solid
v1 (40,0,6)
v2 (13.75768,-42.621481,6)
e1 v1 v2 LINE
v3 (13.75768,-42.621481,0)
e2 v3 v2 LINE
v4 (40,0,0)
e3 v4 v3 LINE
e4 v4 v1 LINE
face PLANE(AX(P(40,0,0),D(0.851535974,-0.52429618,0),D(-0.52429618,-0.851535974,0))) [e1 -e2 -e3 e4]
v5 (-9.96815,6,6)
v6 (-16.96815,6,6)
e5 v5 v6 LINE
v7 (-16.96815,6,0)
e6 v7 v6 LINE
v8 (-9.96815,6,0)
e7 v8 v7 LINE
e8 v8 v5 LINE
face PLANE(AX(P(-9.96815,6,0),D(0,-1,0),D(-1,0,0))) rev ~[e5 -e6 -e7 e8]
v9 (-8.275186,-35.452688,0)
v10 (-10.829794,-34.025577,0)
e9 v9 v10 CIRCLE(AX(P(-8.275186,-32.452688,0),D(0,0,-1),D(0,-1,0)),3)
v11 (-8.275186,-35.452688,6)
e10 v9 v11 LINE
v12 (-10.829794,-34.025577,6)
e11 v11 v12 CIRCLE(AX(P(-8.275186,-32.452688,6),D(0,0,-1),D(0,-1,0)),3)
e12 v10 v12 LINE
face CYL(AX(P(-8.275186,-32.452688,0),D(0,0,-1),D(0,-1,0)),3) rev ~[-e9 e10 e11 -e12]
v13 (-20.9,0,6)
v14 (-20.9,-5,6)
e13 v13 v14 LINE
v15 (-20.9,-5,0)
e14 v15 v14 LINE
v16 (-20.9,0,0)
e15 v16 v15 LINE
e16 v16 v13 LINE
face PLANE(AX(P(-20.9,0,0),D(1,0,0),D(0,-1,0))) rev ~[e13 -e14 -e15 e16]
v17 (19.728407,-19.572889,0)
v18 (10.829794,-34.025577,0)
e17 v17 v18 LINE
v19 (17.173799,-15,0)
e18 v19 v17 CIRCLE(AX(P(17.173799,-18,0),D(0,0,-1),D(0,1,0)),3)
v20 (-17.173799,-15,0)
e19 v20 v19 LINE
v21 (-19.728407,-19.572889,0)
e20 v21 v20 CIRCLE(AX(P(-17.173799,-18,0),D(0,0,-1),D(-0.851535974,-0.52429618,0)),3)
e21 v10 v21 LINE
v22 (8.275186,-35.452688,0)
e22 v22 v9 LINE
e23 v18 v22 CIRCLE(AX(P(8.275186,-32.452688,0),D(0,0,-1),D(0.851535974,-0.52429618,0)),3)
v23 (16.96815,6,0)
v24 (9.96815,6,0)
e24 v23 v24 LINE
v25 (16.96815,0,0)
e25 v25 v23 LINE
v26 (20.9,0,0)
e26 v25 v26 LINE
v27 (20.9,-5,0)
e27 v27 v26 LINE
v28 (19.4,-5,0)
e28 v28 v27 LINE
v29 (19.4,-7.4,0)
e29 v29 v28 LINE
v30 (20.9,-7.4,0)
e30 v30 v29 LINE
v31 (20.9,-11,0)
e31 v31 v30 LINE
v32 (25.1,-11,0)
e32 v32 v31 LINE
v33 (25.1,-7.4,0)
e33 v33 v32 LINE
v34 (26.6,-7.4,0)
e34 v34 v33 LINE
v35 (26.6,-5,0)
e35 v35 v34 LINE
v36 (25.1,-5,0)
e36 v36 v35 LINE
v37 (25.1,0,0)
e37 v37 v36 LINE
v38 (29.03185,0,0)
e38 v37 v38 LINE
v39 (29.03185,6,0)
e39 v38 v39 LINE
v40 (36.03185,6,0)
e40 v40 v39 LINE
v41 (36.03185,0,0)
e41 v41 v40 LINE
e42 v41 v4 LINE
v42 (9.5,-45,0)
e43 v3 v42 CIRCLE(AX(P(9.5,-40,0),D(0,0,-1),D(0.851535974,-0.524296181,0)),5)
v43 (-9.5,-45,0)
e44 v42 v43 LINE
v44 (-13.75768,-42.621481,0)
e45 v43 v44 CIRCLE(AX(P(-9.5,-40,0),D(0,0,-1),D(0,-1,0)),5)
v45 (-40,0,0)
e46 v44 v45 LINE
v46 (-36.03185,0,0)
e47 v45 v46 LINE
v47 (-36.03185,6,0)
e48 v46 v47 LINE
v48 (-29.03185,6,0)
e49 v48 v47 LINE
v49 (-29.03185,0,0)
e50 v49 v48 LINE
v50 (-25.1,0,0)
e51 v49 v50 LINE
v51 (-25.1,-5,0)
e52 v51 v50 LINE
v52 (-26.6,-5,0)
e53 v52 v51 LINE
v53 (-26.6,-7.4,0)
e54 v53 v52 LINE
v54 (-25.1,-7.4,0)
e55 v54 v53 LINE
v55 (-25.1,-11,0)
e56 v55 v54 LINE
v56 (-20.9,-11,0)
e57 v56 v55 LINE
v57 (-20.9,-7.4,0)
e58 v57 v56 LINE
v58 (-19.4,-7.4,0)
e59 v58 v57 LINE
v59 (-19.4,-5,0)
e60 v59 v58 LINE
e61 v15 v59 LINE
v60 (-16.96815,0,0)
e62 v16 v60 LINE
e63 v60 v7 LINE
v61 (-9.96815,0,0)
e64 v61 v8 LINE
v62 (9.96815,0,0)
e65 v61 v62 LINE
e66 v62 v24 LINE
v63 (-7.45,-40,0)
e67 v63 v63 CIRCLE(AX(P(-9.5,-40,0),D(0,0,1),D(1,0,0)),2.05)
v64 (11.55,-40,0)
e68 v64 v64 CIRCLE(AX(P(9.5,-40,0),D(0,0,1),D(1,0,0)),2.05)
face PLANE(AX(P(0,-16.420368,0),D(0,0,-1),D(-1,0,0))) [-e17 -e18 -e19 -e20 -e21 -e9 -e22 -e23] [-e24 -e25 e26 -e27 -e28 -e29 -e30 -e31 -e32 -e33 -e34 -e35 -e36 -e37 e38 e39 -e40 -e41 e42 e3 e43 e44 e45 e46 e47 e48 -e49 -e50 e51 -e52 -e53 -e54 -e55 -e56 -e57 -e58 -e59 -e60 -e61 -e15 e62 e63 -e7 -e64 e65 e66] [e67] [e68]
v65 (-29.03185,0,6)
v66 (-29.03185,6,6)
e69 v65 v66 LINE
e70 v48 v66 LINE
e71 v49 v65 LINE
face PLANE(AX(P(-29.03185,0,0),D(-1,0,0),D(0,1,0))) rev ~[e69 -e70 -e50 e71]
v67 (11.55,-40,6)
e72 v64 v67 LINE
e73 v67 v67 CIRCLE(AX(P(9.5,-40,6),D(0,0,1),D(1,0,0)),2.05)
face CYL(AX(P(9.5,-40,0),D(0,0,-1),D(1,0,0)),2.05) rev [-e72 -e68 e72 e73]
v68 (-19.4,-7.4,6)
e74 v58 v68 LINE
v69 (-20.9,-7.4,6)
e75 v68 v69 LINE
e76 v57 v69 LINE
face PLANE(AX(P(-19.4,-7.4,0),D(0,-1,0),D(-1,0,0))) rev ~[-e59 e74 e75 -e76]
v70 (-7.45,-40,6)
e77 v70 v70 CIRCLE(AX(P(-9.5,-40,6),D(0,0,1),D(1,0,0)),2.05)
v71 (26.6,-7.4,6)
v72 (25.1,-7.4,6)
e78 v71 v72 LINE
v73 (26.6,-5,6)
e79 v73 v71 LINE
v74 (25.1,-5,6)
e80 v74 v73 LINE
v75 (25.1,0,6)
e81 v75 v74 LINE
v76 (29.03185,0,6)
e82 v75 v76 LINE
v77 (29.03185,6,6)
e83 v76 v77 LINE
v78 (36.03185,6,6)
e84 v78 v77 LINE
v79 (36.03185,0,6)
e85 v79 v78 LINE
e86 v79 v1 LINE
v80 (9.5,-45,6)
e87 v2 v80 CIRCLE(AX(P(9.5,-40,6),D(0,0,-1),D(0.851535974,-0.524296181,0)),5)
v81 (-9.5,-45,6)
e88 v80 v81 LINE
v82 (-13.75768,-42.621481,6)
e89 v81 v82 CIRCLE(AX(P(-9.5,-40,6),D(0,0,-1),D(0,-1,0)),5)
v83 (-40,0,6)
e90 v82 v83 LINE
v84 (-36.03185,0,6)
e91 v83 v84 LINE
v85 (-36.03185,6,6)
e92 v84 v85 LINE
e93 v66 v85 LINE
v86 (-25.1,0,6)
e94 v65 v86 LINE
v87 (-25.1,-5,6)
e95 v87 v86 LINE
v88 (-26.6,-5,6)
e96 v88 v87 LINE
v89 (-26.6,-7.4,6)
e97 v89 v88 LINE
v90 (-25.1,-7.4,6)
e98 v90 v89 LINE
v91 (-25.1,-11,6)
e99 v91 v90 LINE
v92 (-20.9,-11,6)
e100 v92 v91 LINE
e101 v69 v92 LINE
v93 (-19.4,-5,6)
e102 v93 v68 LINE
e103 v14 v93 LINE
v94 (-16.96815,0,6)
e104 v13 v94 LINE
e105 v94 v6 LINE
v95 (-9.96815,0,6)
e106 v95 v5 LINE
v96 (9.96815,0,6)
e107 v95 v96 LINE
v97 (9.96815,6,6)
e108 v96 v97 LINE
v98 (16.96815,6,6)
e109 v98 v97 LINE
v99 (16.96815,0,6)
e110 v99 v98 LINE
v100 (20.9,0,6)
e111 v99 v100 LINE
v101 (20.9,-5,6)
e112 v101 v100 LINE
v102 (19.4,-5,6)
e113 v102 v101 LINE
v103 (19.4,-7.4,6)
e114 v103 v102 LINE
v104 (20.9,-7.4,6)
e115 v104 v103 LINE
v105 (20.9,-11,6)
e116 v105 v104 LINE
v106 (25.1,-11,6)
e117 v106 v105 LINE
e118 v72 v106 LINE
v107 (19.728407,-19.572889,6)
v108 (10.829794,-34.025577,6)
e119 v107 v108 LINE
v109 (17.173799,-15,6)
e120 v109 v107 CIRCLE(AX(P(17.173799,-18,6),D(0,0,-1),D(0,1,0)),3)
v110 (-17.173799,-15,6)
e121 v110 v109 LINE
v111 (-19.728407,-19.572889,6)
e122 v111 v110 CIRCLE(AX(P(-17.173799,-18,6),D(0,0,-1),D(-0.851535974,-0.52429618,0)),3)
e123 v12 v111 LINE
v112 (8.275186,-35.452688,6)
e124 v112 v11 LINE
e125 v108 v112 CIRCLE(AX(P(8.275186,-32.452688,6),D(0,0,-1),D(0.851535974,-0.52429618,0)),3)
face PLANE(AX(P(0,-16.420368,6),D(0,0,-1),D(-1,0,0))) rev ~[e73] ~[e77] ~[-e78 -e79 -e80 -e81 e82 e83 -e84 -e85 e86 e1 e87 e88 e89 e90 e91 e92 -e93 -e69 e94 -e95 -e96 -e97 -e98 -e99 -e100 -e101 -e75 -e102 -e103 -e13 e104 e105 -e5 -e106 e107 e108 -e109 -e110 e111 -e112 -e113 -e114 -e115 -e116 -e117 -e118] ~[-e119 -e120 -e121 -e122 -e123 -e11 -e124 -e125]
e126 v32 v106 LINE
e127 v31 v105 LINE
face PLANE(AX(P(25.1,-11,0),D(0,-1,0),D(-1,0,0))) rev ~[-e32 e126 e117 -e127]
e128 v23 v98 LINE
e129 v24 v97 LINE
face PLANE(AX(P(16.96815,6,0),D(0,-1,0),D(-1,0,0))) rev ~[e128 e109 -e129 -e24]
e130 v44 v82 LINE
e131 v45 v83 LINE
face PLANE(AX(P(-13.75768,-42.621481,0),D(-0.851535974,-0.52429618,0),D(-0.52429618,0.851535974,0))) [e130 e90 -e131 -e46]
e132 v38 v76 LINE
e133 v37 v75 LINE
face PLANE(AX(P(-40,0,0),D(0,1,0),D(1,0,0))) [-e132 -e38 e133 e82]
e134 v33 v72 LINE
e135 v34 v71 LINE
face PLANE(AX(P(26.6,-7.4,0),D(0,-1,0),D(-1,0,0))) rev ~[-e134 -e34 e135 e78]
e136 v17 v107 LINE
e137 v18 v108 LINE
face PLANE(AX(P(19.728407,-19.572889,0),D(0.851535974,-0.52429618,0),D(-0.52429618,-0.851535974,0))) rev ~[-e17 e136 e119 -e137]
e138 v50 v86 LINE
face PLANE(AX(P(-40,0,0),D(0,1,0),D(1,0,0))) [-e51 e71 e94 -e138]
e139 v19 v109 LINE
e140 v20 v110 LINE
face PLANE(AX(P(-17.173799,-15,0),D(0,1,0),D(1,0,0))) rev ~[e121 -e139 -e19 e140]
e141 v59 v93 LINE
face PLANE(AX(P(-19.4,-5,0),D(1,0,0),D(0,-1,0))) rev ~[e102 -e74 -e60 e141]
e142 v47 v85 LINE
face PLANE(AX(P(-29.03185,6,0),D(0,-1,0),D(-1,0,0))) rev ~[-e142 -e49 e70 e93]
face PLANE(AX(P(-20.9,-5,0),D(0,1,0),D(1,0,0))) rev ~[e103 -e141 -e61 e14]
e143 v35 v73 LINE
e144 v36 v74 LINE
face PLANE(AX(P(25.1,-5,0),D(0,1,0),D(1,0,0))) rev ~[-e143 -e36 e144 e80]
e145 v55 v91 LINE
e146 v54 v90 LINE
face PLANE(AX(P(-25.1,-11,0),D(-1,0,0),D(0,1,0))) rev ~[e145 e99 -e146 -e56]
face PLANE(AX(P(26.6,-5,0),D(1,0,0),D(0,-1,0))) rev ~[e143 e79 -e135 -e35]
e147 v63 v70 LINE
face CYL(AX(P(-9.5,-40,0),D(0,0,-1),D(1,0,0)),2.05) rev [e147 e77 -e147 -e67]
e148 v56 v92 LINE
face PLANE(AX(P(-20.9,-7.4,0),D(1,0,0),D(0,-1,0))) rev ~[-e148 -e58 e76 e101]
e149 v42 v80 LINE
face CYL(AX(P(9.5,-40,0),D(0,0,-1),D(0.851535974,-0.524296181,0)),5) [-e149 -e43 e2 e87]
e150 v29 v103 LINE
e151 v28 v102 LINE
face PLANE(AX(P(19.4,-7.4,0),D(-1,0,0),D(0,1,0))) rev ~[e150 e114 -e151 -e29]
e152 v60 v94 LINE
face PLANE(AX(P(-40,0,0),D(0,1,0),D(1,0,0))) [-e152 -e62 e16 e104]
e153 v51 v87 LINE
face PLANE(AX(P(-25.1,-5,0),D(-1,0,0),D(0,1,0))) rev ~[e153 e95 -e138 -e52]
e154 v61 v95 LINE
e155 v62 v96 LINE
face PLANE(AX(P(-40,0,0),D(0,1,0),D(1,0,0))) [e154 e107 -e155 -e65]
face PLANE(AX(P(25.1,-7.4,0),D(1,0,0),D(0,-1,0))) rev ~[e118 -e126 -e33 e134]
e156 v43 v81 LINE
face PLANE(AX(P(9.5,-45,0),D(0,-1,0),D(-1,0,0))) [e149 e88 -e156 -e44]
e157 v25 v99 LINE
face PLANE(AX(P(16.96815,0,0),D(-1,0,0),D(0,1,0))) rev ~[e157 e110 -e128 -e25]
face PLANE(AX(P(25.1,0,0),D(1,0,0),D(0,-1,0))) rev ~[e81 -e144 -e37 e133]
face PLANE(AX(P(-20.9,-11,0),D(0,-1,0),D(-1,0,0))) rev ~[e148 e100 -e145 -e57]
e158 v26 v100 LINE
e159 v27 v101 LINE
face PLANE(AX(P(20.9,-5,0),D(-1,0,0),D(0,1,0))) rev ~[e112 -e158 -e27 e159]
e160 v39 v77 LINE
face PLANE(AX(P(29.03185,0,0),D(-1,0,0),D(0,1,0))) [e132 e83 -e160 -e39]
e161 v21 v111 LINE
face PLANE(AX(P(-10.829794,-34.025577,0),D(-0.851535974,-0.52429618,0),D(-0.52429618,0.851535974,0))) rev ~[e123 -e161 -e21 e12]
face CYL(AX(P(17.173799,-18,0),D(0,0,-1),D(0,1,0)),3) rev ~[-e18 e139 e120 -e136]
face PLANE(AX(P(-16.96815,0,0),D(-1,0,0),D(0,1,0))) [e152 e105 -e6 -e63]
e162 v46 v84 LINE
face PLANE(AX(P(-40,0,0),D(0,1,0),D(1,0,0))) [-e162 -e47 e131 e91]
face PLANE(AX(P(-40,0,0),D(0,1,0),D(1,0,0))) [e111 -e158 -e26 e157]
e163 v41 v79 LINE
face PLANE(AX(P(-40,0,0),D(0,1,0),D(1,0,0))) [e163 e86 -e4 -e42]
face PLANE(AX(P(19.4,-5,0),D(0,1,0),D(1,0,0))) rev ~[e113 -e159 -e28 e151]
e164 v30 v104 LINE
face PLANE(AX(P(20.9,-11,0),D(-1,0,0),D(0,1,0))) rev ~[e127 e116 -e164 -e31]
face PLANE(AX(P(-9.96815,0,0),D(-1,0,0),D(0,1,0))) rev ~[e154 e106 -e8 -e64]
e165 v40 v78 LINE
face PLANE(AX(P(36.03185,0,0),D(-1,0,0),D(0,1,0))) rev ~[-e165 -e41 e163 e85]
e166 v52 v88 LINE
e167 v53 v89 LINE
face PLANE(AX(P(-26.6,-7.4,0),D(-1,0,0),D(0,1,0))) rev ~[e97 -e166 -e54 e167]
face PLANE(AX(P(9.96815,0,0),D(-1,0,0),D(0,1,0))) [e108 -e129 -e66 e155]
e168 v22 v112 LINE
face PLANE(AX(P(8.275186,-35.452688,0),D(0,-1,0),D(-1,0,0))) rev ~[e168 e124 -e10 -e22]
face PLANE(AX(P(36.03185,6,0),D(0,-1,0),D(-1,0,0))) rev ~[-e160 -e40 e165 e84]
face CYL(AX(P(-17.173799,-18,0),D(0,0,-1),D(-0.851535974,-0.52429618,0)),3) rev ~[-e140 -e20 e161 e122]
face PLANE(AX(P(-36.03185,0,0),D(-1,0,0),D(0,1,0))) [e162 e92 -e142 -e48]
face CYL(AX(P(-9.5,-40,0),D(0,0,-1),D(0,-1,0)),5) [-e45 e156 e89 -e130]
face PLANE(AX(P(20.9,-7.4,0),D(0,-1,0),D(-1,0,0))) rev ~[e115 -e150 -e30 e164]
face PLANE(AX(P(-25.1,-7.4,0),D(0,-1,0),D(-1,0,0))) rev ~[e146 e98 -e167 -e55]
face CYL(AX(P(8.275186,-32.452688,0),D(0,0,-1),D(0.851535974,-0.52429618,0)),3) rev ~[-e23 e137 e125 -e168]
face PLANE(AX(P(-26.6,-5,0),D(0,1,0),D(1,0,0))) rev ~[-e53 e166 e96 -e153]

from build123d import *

# Parameters (mm, degrees)
SKETCH_1_R           = 2.05
EXTRUDE_1_DEPTH      = 6
SKETCH_2_W           = 7
SKETCH_2_H           = 6
EXTRUDE_2_DEPTH      = 6
CUT_EXTRUDE_1_DEPTH  = 7
SKETCH_21_W          = 7
SKETCH_21_H          = 6
EXTRUDE_21_DEPTH     = 6
SKETCH_22_W          = 7
SKETCH_22_H          = 6
EXTRUDE_22_DEPTH     = 6
CUT_EXTRUDE_12_DEPTH = 7


with BuildPart() as part:
    # Эскиз1 → Бобышка-Вытянуть1 (new body)
    with BuildSketch(Plane.XY):
        with BuildLine():
            Line((-40, 0), (40, 0))
            Line((40, 0), (13.757679871, -42.621480902))
            ThreePointArc((13.757679871, -42.621480902), (11.938503177, -44.365054668), (9.5, -45))
            Line((9.5, -45), (-9.5, -45))
            ThreePointArc((-9.5, -45), (-11.938503177, -44.365054668), (-13.757679871, -42.621480902))
            Line((-13.757679871, -42.621480902), (-40, 0))
        make_face()
        with Locations((-9.5, -40)):
            Circle(SKETCH_1_R, mode=Mode.SUBTRACT)
        with Locations((9.5, -40)):
            Circle(SKETCH_1_R, mode=Mode.SUBTRACT)
        with BuildLine():
            Line((-17.17379907, -15), (17.17379907, -15))
            ThreePointArc((17.17379907, -15), (19.792831871, -16.536898094), (19.728406993, -19.572888541))
            Line((19.728406993, -19.572888541), (10.829793891, -34.025576661))
            ThreePointArc((10.829793891, -34.025576661), (9.738287875, -35.071720921), (8.275185968, -35.45268812))
            Line((8.275185968, -35.45268812), (-8.275185968, -35.45268812))
            ThreePointArc((-8.275185968, -35.45268812), (-9.738287875, -35.071720921), (-10.829793891, -34.025576661))
            Line((-10.829793891, -34.025576661), (-19.728406993, -19.572888541))
            ThreePointArc((-19.728406993, -19.572888541), (-19.792831871, -16.536898094), (-17.17379907, -15))
        make_face(mode=Mode.SUBTRACT)
    extrude(amount=EXTRUDE_1_DEPTH)

    # Эскиз2 → Бобышка-Вытянуть2 (add)
    with BuildSketch(Plane(origin=(-23, -50, 0), x_dir=(-1, 0, 0), z_dir=(0, 0, -1))):
        with Locations((-9.531849908, 53)):
            Rectangle(SKETCH_2_W, SKETCH_2_H)
        with Locations((9.531849908, 53)):
            Rectangle(SKETCH_2_W, SKETCH_2_H)
    extrude(amount=-EXTRUDE_2_DEPTH)

    # Эскиз3 → Вырез-Вытянуть1 (cut, through all)
    with BuildSketch(Plane(origin=(-23, -50, 0), x_dir=(-1, 0, 0), z_dir=(0, 0, -1))):
        Polygon((-2.1, 45), (-3.6, 45), (-3.6, 42.6), (-2.1, 42.6), (-2.1, 39), (2.1, 39), (2.1, 42.6), (3.6, 42.6), (3.6, 45), (2.1, 45), (2.1, 50), (-2.1, 50), align=None)
    extrude(amount=-CUT_EXTRUDE_1_DEPTH, mode=Mode.SUBTRACT)

    # Эскиз21 → Бобышка-Вытянуть21 (add)
    with BuildSketch(Plane(origin=(-23, -50, 6), x_dir=(1, 0, 0), z_dir=(0, 0, 1))):
        with Locations((-9.531849908, 53)):
            Rectangle(SKETCH_21_W, SKETCH_21_H)
        with Locations((9.531849908, 53)):
            Rectangle(SKETCH_21_W, SKETCH_21_H)
    extrude(amount=-EXTRUDE_21_DEPTH)

    # Эскиз22 → Бобышка-Вытянуть22 (add)
    with BuildSketch(Plane(origin=(23, -50, 0), x_dir=(-1, 0, 0), z_dir=(0, 0, -1))):
        with Locations((-9.531849908, 53)):
            Rectangle(SKETCH_22_W, SKETCH_22_H)
        with Locations((9.531849908, 53)):
            Rectangle(SKETCH_22_W, SKETCH_22_H)
    extrude(amount=-EXTRUDE_22_DEPTH)

    # Эскиз32 → Вырез-Вытянуть12 (cut, through all)
    with BuildSketch(Plane(origin=(23, -50, 0), x_dir=(-1, 0, 0), z_dir=(0, 0, -1))):
        Polygon((-2.1, 45), (-3.6, 45), (-3.6, 42.6), (-2.1, 42.6), (-2.1, 39), (2.1, 39), (2.1, 42.6), (3.6, 42.6), (3.6, 45), (2.1, 45), (2.1, 50), (-2.1, 50), align=None)
    extrude(amount=-CUT_EXTRUDE_12_DEPTH, mode=Mode.SUBTRACT)


solid = part.part
